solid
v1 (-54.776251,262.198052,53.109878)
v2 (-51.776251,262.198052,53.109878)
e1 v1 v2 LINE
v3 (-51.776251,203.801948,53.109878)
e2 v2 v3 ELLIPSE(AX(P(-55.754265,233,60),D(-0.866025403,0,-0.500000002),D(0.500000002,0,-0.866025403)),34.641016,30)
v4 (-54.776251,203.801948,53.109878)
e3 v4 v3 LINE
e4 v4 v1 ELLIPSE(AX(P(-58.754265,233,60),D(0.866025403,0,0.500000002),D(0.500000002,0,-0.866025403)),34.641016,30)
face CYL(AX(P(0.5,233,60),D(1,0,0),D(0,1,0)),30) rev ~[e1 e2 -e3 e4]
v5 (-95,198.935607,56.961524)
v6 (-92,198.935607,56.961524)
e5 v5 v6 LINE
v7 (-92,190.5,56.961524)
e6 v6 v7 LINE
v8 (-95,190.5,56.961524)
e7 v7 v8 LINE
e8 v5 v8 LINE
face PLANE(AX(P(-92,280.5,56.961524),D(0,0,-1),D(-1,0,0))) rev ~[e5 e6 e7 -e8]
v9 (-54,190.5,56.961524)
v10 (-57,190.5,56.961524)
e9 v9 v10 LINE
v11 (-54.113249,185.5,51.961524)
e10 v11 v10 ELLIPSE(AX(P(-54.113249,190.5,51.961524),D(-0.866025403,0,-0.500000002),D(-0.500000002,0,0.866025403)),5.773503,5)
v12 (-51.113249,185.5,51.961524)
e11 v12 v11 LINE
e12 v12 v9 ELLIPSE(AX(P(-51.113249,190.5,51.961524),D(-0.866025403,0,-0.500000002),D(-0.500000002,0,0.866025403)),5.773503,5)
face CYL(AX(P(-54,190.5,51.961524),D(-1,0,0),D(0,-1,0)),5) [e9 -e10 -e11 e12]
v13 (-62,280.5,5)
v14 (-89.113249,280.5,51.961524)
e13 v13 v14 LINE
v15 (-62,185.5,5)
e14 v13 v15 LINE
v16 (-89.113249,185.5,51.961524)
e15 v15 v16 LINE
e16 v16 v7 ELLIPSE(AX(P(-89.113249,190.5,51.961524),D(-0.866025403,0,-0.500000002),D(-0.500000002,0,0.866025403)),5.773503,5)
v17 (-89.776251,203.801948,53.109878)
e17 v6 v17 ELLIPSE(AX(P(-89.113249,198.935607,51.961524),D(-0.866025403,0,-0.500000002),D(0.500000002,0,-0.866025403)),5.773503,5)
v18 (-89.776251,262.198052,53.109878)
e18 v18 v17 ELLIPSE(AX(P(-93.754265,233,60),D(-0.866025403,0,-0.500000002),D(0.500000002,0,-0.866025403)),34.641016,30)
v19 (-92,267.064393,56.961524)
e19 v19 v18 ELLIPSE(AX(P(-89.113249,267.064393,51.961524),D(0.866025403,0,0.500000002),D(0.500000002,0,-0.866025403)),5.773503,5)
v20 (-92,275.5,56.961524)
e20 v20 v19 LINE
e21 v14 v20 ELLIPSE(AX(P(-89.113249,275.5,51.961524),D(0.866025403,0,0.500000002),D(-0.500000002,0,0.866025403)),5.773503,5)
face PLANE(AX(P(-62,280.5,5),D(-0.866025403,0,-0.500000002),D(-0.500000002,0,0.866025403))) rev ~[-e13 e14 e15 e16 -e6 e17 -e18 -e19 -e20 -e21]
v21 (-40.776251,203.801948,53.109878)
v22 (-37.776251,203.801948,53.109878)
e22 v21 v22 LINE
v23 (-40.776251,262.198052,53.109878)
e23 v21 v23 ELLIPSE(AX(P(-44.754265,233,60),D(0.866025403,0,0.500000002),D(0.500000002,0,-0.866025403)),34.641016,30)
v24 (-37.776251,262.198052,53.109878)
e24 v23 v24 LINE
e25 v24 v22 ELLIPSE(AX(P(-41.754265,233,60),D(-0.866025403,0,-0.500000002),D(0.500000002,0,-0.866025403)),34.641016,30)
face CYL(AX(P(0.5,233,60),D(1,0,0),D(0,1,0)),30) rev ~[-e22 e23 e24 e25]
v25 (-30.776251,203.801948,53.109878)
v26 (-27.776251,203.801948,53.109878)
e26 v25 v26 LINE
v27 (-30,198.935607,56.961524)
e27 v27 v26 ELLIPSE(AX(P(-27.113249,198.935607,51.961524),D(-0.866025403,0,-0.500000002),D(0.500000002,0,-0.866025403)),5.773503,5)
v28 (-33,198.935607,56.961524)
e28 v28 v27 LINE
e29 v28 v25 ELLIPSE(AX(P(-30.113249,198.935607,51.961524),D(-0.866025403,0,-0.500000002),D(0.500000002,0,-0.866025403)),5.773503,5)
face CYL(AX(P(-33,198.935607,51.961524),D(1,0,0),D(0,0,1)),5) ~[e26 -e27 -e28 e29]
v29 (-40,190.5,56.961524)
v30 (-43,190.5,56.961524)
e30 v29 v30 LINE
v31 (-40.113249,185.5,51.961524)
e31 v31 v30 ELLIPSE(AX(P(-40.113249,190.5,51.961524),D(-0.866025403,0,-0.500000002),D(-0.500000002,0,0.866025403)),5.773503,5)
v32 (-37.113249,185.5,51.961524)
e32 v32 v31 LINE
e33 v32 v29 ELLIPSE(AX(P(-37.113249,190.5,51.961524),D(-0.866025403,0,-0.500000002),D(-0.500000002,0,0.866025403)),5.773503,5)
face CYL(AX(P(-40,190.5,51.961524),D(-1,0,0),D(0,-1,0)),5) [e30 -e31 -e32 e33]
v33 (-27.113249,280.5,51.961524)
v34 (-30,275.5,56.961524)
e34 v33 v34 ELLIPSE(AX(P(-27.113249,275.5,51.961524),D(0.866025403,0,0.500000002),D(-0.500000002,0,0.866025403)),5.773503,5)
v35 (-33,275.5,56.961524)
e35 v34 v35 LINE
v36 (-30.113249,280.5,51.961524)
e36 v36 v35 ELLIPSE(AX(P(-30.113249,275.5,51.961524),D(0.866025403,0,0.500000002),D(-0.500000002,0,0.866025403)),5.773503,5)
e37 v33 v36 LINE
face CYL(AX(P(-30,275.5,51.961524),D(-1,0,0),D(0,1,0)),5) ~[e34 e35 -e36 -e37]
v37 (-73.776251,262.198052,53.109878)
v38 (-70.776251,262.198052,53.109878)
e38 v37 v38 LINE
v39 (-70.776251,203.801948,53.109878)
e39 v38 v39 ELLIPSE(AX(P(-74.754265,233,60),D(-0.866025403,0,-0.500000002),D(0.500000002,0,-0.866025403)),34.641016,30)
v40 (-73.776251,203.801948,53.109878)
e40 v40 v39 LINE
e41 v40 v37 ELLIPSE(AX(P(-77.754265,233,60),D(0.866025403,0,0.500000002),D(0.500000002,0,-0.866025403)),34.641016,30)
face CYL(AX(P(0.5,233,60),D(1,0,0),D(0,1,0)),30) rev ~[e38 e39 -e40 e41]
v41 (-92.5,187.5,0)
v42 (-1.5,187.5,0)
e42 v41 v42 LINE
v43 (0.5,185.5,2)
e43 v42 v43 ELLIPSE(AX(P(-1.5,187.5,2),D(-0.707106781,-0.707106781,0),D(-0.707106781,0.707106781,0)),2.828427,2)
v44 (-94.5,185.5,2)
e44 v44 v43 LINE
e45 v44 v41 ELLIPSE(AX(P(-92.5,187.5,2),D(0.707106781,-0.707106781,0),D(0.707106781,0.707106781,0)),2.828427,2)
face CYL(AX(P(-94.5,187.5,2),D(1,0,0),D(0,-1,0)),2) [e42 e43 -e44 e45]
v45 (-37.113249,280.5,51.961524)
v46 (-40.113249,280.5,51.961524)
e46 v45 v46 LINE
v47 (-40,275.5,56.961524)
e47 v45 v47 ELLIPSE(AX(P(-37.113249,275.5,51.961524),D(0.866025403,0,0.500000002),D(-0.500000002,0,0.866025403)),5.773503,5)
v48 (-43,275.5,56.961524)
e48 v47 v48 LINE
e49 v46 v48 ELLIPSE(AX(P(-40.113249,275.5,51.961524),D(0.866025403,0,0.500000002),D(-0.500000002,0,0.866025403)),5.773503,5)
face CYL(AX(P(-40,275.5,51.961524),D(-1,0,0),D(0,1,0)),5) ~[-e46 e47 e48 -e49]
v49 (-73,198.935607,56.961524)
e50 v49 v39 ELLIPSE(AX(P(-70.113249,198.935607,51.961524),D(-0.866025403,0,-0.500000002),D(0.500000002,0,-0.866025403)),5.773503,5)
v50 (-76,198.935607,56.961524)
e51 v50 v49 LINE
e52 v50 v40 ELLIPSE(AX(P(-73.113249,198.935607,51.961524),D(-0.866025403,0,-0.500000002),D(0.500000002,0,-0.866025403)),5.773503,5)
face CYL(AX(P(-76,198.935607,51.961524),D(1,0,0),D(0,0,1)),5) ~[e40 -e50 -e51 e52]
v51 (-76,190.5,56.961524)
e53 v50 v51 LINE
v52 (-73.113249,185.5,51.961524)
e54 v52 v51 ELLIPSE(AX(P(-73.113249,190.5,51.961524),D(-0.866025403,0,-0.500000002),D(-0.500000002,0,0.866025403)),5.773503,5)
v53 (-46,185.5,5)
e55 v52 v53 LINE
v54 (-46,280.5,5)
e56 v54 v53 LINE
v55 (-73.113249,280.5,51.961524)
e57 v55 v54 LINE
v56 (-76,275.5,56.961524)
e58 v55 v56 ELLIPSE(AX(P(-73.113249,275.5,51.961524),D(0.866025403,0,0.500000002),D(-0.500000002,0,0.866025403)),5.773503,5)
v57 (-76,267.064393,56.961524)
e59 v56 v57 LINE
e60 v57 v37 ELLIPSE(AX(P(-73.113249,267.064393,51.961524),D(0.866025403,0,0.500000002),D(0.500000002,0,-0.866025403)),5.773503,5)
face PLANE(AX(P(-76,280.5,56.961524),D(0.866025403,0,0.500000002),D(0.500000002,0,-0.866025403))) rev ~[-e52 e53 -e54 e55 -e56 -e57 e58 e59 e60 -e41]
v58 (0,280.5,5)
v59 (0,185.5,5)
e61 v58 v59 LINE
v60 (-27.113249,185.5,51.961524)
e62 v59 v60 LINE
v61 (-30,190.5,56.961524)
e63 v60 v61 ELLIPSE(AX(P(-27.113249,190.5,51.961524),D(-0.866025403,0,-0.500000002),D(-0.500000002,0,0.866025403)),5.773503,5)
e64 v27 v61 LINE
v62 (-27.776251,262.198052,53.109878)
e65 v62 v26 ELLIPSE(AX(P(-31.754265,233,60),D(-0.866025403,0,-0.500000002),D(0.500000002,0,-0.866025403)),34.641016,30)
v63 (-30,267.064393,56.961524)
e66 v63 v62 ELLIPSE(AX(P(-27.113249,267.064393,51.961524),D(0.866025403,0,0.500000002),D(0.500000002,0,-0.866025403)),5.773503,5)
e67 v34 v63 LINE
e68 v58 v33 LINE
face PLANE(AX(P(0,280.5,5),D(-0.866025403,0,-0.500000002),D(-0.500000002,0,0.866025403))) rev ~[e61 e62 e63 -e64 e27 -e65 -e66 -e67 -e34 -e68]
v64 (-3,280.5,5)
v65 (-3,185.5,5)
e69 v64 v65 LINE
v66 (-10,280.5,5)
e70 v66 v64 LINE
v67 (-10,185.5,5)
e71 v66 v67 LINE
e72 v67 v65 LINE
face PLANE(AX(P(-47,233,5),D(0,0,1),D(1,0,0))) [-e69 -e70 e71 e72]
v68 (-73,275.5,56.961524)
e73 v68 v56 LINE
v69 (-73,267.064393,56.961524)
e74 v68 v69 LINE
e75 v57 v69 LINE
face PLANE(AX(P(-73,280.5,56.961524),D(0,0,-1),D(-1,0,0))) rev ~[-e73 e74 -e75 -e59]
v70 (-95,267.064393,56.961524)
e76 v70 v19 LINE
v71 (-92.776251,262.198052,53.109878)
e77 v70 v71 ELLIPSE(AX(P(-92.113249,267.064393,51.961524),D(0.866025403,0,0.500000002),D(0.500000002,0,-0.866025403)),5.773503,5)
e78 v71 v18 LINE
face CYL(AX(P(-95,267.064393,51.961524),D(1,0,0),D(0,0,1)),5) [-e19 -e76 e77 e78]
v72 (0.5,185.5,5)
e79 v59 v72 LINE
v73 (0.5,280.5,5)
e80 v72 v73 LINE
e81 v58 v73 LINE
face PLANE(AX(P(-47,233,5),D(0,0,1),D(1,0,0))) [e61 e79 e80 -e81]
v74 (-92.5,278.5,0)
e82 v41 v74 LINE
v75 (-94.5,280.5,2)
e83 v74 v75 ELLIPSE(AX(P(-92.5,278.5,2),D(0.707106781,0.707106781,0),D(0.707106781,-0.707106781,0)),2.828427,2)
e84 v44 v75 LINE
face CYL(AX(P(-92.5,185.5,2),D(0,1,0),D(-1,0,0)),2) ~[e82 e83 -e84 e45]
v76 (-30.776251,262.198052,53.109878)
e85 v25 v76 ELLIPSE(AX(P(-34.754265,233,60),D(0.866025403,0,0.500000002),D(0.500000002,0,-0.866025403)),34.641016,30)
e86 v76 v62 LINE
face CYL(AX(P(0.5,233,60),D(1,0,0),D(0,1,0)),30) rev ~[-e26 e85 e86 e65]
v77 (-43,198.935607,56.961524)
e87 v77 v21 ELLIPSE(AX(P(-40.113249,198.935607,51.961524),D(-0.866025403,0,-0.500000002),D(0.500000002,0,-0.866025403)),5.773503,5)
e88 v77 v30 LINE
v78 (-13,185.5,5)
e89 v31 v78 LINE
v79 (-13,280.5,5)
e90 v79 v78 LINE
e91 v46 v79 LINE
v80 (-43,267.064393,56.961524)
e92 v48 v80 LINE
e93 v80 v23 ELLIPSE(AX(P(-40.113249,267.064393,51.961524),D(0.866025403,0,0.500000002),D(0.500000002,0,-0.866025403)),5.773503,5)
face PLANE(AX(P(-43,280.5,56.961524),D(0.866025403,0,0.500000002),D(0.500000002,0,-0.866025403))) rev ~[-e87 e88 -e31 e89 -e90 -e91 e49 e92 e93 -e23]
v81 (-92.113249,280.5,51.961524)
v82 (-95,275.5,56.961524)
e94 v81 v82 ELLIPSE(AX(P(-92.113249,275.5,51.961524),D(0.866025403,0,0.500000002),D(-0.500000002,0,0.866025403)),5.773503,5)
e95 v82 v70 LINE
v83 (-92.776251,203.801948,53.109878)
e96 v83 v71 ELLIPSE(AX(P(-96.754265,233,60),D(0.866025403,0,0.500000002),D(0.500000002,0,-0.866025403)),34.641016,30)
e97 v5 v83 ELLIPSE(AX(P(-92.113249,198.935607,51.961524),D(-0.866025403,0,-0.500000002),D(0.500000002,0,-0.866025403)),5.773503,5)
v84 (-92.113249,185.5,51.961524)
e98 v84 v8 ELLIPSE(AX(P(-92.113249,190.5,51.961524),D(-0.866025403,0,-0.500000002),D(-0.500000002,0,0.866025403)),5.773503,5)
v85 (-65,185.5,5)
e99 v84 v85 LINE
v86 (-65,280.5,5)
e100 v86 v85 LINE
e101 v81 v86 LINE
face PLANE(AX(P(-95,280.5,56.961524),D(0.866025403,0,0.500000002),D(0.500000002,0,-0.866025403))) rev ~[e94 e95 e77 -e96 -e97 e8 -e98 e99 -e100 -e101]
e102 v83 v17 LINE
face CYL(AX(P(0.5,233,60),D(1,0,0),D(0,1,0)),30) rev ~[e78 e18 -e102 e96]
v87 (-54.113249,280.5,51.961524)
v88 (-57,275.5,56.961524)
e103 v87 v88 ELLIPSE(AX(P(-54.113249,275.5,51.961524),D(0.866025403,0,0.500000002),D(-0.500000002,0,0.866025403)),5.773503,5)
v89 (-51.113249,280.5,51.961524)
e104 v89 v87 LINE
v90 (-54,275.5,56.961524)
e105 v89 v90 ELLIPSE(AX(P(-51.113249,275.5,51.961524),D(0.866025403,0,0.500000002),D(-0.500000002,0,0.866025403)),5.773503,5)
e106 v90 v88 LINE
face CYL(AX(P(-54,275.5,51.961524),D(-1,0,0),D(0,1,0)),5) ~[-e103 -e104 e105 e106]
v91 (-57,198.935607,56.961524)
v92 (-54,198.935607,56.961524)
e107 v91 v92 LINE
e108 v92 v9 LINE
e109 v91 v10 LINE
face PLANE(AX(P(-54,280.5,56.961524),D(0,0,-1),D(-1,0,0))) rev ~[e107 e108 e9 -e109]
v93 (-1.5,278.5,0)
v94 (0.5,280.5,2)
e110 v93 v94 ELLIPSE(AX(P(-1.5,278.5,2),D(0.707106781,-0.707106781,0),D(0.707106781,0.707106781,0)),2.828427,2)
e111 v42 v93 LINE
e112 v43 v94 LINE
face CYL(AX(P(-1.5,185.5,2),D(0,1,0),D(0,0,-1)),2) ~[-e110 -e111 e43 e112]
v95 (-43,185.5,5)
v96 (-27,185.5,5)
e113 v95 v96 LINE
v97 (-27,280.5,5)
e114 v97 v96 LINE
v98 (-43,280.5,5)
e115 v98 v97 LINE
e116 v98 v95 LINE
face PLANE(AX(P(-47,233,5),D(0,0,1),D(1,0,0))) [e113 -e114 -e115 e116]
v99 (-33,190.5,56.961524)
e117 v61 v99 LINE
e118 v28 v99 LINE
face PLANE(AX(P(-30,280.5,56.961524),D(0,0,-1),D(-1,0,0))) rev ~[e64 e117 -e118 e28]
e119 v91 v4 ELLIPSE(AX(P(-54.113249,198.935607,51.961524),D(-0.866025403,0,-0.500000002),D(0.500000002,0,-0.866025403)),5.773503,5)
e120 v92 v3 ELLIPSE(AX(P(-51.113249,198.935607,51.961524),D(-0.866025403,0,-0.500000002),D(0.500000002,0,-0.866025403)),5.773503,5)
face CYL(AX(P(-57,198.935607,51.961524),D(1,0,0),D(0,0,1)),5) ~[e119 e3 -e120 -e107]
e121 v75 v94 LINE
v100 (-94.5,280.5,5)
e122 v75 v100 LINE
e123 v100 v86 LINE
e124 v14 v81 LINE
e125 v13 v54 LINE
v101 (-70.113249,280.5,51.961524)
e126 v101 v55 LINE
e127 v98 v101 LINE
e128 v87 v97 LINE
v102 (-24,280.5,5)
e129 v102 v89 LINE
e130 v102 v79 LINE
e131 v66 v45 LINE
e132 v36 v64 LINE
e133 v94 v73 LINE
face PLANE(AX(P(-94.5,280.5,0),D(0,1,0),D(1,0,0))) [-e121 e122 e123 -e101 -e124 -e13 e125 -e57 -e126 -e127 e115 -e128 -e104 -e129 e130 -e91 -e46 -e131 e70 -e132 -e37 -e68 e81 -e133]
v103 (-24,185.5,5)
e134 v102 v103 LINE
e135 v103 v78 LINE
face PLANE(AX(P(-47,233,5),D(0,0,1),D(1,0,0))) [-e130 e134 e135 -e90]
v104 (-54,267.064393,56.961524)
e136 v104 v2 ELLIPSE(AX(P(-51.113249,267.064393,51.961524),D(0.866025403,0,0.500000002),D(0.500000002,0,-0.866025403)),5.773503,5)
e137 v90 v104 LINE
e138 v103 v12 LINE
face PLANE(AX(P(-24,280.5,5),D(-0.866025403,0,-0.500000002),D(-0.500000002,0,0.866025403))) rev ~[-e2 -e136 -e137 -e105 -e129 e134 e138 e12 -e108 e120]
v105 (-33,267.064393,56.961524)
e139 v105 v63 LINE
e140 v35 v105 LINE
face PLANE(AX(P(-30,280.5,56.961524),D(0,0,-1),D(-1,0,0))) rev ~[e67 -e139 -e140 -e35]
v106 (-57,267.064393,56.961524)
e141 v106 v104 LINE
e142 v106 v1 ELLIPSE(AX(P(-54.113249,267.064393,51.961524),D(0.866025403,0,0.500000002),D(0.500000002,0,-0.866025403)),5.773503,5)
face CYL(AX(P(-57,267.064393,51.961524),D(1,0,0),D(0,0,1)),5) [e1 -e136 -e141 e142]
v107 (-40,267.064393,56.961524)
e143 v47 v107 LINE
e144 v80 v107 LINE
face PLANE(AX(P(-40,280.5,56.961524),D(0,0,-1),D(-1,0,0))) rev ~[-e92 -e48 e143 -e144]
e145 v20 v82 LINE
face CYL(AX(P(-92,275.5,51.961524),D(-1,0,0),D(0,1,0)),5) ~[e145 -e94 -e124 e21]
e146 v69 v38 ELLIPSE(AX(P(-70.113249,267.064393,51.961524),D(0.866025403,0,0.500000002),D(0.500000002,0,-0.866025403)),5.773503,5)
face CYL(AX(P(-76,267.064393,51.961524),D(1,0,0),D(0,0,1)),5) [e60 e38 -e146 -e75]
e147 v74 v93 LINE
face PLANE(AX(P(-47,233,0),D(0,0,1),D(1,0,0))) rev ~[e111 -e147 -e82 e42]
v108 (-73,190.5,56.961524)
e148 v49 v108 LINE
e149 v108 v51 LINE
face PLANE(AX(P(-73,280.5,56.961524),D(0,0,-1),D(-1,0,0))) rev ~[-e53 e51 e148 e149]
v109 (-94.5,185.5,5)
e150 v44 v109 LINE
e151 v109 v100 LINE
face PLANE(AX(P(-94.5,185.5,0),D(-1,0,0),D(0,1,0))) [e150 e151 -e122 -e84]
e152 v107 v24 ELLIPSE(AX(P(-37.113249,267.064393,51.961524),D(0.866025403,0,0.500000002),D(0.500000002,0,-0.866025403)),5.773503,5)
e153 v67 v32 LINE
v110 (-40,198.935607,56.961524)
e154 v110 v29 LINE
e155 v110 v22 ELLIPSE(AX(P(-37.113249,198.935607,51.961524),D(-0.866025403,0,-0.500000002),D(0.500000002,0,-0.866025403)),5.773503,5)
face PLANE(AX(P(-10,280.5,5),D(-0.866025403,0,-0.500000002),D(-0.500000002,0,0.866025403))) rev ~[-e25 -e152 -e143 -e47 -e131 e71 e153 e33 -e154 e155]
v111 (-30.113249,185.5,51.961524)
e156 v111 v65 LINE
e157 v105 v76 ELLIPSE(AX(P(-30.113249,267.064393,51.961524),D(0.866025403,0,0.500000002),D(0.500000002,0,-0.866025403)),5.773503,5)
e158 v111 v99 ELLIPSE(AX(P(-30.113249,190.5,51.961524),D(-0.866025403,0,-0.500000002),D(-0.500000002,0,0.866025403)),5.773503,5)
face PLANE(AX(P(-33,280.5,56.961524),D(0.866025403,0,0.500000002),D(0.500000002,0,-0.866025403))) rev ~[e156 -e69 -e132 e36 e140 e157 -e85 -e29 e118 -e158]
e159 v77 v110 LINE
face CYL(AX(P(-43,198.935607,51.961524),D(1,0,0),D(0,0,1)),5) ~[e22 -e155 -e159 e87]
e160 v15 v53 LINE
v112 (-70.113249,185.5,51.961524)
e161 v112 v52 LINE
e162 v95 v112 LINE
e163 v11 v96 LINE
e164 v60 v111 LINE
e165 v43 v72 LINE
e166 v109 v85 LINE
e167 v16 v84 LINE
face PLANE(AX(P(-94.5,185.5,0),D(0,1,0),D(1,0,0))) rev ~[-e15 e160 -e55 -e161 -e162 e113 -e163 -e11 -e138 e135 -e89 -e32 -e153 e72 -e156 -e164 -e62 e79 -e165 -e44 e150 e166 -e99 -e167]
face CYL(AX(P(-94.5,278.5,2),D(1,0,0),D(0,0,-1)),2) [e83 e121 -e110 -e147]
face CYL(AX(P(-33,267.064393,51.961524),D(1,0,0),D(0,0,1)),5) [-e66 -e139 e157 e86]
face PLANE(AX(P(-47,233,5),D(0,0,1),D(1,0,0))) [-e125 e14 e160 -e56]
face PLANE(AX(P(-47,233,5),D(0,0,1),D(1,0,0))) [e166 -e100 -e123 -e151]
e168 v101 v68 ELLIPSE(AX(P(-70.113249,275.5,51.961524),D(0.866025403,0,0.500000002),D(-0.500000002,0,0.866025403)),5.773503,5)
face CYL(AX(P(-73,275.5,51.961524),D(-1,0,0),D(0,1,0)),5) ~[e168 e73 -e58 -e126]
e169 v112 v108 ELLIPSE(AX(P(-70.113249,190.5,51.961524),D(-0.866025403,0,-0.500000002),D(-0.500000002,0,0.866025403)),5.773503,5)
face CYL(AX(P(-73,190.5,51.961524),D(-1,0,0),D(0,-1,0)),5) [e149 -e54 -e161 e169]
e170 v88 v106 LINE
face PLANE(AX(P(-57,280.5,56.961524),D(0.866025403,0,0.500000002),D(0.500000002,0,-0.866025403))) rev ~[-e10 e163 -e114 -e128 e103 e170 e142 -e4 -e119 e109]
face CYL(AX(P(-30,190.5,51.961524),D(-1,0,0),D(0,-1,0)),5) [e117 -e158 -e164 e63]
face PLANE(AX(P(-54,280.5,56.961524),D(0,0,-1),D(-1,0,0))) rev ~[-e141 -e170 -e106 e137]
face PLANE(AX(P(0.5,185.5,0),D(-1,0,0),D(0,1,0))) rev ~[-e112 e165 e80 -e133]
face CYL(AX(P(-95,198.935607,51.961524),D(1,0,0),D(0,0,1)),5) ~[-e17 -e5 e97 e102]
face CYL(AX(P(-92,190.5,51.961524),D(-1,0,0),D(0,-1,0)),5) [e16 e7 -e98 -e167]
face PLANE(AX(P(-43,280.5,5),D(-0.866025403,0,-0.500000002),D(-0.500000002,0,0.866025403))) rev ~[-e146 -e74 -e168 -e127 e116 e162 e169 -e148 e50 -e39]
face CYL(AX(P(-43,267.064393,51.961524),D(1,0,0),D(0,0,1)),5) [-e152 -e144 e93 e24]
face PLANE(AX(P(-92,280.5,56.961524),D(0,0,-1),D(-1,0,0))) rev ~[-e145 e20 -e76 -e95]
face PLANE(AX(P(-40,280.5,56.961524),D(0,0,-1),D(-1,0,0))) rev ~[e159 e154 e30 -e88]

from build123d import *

# Parameters (mm, degrees)
SKETCH026_W     = 95
SKETCH026_H     = 95
PAD018_DEPTH    = 5
PAD019_DEPTH    = 95
SKETCH028_R     = 30
POCKET008_DEPTH = 95.501
FILLET020_R     = 5
FILLET021_R     = 2


with BuildPart() as part:
    # Sketch026 → Pad018 (new body)
    with BuildSketch(Plane.XY):
        Rectangle(SKETCH026_W, SKETCH026_H)
    extrude(amount=PAD018_DEPTH)

    # Sketch027 (on DatumPlane) → Pad019 (join)
    with BuildSketch(Plane(origin=(0, 47.5, 0), x_dir=(-1, 0, 0), z_dir=(0, 1, 0))):
        Polygon((-47, 5), (-17, 56.961524), (-14, 56.961524), (-44, 5), align=None)
        Polygon((-37, 5), (-7, 56.961524), (-4, 56.961524), (-34, 5), align=None)
        Polygon((-23, 5), (7, 56.961524), (10, 56.961524), (-20, 5), align=None)
        Polygon((-4, 5), (26, 56.961524), (29, 56.961524), (-1, 5), align=None)
        Polygon((15, 5), (45, 56.961524), (48, 56.961524), (18, 5), align=None)
    extrude(amount=-PAD019_DEPTH)

    # Sketch028 (on DatumPlane) → Pocket008 (cut, through all)
    with BuildSketch(Plane.YZ.offset(47.5)):
        with Locations((0, 60)):
            Circle(SKETCH028_R)
    extrude(amount=-POCKET008_DEPTH, mode=Mode.SUBTRACT)

    # Fillet020
    fillet020_edges = [part.edges().sort_by_distance(p)[0] for p in [
        (15.5, -47.5, 56.961524),
        (15.5, -29.845731, 56.961524),
        (5.5, -47.5, 56.961524),
        (5.5, -29.845731, 56.961524),
        (-8.5, -47.5, 56.961524),
        (-8.5, -29.845731, 56.961524),
        (-27.5, -47.5, 56.961524),
        (-27.5, -29.845731, 56.961524),
        (-46.5, -47.5, 56.961524),
        (-46.5, -29.845731, 56.961524),
        (15.5, 29.845731, 56.961524),
        (15.5, 47.5, 56.961524),
        (5.5, 29.845731, 56.961524),
        (5.5, 47.5, 56.961524),
        (-8.5, 29.845731, 56.961524),
        (-8.5, 47.5, 56.961524),
        (-27.5, 29.845731, 56.961524),
        (-27.5, 47.5, 56.961524),
        (-46.5, 29.845731, 56.961524),
        (-46.5, 47.5, 56.961524),
    ]]
    fillet(fillet020_edges, radius=FILLET020_R)

    # Fillet021
    fillet021_edges = [part.edges().sort_by_distance(p)[0] for p in [
        (0, 47.5, 0),
        (47.5, 0, 0),
        (0, -47.5, 0),
        (-47.5, 0, 0),
    ]]
    fillet(fillet021_edges, radius=FILLET021_R)


with BuildPart() as part_1:
    # Body012 placement: moved
    add(part.part.moved(Location((-47, 233, 0))))


solid = part_1.part
